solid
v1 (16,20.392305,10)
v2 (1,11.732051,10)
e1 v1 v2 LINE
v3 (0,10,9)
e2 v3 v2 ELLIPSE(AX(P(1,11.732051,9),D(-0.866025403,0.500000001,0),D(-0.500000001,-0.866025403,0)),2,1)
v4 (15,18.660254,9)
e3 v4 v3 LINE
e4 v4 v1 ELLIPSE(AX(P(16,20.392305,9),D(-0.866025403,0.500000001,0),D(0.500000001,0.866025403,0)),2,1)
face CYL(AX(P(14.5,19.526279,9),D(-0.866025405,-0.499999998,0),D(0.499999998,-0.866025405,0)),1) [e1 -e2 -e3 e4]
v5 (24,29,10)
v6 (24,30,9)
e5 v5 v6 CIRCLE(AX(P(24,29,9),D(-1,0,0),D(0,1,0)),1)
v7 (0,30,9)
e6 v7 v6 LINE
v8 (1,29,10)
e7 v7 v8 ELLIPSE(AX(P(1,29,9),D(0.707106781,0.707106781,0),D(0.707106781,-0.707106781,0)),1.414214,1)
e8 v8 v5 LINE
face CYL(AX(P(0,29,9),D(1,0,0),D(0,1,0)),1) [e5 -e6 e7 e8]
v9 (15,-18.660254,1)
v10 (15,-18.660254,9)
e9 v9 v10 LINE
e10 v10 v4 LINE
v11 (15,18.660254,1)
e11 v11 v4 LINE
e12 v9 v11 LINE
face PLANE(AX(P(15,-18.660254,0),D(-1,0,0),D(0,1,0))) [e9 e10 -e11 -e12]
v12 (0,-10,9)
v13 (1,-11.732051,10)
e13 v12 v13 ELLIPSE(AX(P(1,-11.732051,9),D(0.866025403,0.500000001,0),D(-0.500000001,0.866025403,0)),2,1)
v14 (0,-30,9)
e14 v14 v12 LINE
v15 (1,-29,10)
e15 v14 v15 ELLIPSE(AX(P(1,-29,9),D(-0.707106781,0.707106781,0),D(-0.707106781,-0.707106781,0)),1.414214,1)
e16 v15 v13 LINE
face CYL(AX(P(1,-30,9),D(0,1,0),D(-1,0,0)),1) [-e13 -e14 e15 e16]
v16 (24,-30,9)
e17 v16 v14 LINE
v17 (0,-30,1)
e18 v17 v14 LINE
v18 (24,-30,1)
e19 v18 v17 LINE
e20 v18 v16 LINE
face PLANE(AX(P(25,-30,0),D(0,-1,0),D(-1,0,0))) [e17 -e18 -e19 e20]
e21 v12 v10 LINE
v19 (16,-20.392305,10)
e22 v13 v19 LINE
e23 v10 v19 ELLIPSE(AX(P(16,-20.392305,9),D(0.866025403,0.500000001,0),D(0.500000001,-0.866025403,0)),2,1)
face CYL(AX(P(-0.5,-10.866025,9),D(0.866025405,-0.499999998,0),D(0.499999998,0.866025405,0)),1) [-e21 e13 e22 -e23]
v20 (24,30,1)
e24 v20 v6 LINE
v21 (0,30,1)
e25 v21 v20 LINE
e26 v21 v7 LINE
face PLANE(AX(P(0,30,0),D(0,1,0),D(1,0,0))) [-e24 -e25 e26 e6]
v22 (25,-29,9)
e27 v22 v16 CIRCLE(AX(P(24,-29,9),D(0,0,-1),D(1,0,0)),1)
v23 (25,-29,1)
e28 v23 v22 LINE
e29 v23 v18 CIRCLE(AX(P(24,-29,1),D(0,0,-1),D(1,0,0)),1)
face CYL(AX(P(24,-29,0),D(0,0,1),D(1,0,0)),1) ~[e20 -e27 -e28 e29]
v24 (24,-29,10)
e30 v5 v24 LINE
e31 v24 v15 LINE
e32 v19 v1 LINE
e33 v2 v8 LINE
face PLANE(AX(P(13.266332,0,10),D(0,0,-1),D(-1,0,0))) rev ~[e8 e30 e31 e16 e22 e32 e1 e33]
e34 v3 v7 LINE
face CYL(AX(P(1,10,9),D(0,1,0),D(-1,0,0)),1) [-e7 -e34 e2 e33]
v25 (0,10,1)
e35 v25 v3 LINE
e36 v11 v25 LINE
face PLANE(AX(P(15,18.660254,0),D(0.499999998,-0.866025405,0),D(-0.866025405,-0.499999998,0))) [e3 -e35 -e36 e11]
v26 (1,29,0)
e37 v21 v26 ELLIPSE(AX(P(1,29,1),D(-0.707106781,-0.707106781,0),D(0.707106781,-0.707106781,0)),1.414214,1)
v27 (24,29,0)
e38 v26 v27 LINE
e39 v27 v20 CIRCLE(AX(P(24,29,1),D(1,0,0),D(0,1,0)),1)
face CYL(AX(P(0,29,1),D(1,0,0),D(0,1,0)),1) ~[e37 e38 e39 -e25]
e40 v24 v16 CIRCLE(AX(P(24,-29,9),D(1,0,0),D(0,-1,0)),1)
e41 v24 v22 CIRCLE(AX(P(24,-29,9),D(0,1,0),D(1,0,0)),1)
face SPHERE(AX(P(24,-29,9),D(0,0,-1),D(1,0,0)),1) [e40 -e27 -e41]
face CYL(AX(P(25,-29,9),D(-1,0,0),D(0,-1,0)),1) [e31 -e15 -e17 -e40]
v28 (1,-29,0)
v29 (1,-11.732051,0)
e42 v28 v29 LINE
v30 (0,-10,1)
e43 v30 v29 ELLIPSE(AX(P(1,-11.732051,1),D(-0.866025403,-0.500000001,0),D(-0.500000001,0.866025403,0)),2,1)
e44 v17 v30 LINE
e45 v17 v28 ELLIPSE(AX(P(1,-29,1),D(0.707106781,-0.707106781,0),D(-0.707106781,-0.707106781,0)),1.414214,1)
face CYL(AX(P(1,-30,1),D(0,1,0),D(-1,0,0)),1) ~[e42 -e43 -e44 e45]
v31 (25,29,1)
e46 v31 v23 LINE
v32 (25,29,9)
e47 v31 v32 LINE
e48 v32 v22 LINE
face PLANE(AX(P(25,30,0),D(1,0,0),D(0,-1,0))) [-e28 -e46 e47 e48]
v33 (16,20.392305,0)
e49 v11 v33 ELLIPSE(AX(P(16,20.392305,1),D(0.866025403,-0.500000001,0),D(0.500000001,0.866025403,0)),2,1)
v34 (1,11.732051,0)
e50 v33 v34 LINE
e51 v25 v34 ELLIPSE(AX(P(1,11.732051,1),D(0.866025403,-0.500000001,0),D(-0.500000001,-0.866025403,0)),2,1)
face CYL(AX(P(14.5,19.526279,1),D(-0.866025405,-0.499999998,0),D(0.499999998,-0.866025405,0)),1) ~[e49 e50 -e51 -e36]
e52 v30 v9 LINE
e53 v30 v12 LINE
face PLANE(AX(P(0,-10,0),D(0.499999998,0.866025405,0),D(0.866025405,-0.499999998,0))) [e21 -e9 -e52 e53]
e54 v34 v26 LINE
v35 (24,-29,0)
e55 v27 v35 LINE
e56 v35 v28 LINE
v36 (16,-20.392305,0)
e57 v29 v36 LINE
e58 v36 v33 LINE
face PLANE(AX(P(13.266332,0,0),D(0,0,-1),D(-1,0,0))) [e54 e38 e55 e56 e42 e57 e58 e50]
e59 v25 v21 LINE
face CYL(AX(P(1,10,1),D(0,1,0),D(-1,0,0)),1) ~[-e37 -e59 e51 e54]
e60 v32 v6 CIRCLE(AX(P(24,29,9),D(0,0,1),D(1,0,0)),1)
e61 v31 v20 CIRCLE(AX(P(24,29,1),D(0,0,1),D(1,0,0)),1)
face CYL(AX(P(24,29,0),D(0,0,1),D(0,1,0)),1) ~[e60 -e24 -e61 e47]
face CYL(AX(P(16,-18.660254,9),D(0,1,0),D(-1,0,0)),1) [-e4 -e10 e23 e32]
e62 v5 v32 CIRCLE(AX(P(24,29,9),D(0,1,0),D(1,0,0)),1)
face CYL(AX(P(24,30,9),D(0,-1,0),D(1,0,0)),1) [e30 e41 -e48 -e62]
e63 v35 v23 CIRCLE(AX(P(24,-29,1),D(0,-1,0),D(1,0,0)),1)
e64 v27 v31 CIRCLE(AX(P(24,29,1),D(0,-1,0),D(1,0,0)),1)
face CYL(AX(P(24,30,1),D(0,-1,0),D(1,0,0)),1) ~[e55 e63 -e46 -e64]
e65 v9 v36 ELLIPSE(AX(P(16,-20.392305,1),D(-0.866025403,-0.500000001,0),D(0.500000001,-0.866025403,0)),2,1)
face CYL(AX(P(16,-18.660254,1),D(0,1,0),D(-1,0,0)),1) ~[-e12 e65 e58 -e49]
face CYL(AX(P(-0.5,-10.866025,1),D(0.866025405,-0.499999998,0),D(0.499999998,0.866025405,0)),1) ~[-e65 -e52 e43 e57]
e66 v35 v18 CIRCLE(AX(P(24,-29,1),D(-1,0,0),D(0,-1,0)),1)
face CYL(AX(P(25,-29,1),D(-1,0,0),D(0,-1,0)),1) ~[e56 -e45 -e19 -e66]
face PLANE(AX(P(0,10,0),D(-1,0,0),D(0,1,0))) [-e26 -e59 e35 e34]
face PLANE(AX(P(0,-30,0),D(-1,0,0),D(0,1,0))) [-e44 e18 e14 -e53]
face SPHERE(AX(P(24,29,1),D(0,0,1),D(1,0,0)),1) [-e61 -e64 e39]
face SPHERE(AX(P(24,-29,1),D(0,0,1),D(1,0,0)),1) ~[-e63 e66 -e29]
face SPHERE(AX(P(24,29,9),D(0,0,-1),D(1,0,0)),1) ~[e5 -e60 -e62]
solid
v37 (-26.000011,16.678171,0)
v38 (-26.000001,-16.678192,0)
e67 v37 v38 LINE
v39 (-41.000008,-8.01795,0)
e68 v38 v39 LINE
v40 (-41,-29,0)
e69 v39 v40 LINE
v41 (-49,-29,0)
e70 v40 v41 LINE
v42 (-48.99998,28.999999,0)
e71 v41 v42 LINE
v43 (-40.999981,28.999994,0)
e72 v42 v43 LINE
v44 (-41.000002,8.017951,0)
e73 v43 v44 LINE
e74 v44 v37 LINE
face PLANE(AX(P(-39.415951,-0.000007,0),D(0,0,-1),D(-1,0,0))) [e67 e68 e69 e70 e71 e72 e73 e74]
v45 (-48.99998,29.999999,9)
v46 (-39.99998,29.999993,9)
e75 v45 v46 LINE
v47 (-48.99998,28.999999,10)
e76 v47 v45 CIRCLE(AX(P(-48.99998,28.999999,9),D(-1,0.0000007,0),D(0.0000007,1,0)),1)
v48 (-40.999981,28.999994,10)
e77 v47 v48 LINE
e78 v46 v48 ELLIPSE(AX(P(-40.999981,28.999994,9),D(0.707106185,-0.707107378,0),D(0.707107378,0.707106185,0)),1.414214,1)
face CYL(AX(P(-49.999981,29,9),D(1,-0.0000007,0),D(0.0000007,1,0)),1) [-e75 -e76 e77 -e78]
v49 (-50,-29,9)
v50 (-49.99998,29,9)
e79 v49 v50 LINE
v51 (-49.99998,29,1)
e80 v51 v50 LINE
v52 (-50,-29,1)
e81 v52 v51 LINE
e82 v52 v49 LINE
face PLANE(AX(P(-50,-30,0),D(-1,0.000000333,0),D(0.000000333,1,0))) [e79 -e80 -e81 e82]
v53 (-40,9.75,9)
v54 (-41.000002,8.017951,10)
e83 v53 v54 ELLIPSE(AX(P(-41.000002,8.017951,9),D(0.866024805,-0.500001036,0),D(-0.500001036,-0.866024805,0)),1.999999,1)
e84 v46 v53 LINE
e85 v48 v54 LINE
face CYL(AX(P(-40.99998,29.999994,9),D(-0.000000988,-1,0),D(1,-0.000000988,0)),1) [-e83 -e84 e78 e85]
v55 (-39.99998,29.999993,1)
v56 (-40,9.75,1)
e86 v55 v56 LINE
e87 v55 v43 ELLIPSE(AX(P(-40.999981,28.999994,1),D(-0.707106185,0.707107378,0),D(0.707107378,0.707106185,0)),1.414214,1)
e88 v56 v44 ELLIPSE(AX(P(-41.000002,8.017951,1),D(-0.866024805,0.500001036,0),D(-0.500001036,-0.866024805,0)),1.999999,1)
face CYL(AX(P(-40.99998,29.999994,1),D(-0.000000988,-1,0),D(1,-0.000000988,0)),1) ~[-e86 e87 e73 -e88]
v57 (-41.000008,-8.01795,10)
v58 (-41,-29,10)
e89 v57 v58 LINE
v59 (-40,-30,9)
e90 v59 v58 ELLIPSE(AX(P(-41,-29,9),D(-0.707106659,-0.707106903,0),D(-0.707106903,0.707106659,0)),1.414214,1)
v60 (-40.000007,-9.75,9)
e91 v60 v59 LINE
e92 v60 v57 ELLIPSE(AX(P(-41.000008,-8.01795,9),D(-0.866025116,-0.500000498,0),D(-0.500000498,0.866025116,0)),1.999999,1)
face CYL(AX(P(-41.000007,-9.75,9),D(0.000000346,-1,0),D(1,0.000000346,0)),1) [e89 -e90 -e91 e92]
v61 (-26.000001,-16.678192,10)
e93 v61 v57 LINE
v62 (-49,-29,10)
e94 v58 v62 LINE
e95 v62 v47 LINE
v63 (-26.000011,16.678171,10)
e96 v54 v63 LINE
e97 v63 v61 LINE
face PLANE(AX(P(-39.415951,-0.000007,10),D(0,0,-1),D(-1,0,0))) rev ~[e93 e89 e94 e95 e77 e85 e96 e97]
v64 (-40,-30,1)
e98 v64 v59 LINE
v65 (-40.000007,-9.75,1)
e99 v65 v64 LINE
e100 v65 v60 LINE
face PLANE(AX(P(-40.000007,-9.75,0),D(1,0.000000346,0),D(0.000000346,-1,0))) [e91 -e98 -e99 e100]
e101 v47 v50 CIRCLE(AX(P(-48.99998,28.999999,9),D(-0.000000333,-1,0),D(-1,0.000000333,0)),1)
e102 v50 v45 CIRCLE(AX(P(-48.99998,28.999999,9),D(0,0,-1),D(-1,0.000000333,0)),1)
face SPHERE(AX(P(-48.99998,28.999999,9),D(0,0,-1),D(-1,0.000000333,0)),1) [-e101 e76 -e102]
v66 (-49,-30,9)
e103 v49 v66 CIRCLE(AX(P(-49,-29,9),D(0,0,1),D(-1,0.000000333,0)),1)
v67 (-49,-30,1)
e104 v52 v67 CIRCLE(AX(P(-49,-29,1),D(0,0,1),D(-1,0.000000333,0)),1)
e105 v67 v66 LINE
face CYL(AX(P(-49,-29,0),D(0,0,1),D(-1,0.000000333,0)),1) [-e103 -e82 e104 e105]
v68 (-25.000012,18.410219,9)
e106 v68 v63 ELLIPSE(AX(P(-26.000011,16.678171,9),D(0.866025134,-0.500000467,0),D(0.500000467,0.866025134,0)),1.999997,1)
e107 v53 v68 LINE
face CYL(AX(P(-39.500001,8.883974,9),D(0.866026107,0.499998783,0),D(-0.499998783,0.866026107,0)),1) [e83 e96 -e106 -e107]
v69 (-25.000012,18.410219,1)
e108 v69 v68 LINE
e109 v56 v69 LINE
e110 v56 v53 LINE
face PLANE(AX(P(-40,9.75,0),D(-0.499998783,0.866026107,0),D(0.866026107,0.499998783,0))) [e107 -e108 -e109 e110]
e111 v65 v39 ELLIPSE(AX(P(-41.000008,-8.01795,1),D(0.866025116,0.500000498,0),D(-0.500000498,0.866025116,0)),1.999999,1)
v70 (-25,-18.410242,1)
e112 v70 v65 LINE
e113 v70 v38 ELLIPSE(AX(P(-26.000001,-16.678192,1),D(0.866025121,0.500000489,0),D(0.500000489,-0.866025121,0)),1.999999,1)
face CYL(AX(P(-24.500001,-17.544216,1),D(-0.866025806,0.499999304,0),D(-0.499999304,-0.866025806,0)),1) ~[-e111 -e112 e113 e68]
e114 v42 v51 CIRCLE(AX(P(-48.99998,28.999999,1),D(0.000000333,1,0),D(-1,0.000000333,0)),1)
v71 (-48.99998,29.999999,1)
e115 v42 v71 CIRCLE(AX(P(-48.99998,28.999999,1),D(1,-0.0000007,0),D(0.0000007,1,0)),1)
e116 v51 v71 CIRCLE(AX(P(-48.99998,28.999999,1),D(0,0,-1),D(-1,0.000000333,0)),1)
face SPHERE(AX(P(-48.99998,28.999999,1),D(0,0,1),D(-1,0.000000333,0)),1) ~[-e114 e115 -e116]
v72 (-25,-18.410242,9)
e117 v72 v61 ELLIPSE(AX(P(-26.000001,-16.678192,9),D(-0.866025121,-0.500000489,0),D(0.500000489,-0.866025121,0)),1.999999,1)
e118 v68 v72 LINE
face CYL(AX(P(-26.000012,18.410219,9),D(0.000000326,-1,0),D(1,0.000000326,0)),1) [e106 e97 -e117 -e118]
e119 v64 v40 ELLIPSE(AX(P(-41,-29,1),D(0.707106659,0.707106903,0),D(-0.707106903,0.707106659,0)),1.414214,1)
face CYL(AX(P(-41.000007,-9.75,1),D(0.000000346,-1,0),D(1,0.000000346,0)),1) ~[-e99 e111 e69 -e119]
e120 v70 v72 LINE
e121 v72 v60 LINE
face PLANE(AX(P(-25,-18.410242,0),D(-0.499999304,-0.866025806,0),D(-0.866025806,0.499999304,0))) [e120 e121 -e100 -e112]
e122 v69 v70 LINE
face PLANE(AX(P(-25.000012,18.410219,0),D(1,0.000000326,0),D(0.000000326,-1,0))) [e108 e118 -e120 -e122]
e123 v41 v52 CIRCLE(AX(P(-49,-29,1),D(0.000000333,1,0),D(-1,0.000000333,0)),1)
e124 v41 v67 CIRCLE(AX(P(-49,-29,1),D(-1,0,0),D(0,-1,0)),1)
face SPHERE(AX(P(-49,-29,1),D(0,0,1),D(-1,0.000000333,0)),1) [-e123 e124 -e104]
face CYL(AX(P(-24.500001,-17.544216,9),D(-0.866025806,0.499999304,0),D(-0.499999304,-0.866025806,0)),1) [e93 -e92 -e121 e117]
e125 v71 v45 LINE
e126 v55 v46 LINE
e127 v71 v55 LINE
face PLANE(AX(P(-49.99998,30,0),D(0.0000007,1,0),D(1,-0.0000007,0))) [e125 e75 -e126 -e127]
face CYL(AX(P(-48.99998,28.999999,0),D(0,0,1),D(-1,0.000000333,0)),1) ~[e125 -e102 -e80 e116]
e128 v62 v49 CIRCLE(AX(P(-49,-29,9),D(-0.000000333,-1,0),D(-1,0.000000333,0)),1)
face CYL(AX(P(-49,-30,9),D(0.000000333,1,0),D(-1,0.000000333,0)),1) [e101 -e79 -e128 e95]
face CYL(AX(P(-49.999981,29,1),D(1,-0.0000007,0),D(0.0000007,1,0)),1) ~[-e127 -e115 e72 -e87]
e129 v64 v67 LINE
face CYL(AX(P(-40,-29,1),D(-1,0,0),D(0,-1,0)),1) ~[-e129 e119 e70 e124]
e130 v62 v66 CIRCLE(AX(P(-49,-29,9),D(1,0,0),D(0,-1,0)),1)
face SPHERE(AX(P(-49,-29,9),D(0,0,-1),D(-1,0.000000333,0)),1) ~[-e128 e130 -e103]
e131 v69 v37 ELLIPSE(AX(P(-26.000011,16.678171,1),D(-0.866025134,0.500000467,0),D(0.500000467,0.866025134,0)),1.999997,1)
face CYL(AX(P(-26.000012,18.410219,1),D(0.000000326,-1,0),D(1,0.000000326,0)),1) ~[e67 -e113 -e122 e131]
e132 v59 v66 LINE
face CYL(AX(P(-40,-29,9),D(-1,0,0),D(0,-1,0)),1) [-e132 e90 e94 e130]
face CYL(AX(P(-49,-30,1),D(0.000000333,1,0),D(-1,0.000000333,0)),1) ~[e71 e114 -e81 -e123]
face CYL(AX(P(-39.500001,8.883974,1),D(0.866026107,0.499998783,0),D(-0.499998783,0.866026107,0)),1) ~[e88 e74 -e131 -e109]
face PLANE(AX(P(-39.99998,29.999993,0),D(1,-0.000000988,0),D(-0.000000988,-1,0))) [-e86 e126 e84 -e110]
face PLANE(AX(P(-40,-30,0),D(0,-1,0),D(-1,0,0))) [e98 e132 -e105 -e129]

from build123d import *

# Parameters (mm, degrees)
PAD_DEPTH    = 10
FILLET001_R  = 1
PAD001_DEPTH = 10
FILLET_R     = 1


with BuildPart() as body:
    # Sketch → Pad (new body)
    with BuildSketch(Plane.XY):
        Polygon((0, -30), (0, -10), (15, -18.660254), (15, 18.660254), (0, 10), (0, 30), (25, 30), (25, -30), align=None)
    extrude(amount=PAD_DEPTH)

    # Fillet001
    fillet001_edges = [body.edges().sort_by_distance(p)[0] for p in [
        (25, 30, 5),
        (25, -30, 5),
        (25, 0, 0),
        (25, 0, 10),
        (12.5, -30, 10),
        (12.5, -30, 0),
        (12.5, 30, 10),
        (12.5, 30, 0),
        (0, -20, 0),
        (7.5, -14.330127, 0),
        (15, 0, 0),
        (7.5, 14.330127, 0),
        (0, 20, 0),
        (0, -20, 10),
        (7.5, -14.330127, 10),
        (15, 0, 10),
        (7.5, 14.330127, 10),
        (0, 20, 10),
    ]]
    fillet(fillet001_edges, radius=FILLET001_R)


with BuildPart() as body001:
    # Sketch002 → Pad001 (new body)
    with BuildSketch(Plane.XY):
        Polygon((-50, -30), (-49.99998, 30), (-39.99998, 29.999993), (-40, 9.75), (-25.000012, 18.410219), (-25, -18.410242), (-40.000007, -9.75), (-40, -30), align=None)
    extrude(amount=PAD001_DEPTH)

    # Fillet
    fillet_edges = [body001.edges().sort_by_distance(p)[0] for p in [
        (-50, -30, 5),
        (-49.99998, 30, 5),
        (-49.99999, 0, 0),
        (-49.99999, 0, 10),
        (-44.99998, 29.999997, 0),
        (-44.99998, 29.999997, 10),
        (-45, -30, 0),
        (-45, -30, 10),
        (-39.99999, 19.874997, 0),
        (-32.500006, 14.080109, 0),
        (-25.000006, -1.2e-05, 0),
        (-32.500003, -14.080121, 0),
        (-40.000003, -19.875, 0),
        (-39.99999, 19.874997, 10),
        (-32.500006, 14.080109, 10),
        (-25.000006, -1.2e-05, 10),
        (-32.500003, -14.080121, 10),
        (-40.000003, -19.875, 10),
    ]]
    fillet(fillet_edges, radius=FILLET_R)


solid = Compound([body.part, body001.part])
